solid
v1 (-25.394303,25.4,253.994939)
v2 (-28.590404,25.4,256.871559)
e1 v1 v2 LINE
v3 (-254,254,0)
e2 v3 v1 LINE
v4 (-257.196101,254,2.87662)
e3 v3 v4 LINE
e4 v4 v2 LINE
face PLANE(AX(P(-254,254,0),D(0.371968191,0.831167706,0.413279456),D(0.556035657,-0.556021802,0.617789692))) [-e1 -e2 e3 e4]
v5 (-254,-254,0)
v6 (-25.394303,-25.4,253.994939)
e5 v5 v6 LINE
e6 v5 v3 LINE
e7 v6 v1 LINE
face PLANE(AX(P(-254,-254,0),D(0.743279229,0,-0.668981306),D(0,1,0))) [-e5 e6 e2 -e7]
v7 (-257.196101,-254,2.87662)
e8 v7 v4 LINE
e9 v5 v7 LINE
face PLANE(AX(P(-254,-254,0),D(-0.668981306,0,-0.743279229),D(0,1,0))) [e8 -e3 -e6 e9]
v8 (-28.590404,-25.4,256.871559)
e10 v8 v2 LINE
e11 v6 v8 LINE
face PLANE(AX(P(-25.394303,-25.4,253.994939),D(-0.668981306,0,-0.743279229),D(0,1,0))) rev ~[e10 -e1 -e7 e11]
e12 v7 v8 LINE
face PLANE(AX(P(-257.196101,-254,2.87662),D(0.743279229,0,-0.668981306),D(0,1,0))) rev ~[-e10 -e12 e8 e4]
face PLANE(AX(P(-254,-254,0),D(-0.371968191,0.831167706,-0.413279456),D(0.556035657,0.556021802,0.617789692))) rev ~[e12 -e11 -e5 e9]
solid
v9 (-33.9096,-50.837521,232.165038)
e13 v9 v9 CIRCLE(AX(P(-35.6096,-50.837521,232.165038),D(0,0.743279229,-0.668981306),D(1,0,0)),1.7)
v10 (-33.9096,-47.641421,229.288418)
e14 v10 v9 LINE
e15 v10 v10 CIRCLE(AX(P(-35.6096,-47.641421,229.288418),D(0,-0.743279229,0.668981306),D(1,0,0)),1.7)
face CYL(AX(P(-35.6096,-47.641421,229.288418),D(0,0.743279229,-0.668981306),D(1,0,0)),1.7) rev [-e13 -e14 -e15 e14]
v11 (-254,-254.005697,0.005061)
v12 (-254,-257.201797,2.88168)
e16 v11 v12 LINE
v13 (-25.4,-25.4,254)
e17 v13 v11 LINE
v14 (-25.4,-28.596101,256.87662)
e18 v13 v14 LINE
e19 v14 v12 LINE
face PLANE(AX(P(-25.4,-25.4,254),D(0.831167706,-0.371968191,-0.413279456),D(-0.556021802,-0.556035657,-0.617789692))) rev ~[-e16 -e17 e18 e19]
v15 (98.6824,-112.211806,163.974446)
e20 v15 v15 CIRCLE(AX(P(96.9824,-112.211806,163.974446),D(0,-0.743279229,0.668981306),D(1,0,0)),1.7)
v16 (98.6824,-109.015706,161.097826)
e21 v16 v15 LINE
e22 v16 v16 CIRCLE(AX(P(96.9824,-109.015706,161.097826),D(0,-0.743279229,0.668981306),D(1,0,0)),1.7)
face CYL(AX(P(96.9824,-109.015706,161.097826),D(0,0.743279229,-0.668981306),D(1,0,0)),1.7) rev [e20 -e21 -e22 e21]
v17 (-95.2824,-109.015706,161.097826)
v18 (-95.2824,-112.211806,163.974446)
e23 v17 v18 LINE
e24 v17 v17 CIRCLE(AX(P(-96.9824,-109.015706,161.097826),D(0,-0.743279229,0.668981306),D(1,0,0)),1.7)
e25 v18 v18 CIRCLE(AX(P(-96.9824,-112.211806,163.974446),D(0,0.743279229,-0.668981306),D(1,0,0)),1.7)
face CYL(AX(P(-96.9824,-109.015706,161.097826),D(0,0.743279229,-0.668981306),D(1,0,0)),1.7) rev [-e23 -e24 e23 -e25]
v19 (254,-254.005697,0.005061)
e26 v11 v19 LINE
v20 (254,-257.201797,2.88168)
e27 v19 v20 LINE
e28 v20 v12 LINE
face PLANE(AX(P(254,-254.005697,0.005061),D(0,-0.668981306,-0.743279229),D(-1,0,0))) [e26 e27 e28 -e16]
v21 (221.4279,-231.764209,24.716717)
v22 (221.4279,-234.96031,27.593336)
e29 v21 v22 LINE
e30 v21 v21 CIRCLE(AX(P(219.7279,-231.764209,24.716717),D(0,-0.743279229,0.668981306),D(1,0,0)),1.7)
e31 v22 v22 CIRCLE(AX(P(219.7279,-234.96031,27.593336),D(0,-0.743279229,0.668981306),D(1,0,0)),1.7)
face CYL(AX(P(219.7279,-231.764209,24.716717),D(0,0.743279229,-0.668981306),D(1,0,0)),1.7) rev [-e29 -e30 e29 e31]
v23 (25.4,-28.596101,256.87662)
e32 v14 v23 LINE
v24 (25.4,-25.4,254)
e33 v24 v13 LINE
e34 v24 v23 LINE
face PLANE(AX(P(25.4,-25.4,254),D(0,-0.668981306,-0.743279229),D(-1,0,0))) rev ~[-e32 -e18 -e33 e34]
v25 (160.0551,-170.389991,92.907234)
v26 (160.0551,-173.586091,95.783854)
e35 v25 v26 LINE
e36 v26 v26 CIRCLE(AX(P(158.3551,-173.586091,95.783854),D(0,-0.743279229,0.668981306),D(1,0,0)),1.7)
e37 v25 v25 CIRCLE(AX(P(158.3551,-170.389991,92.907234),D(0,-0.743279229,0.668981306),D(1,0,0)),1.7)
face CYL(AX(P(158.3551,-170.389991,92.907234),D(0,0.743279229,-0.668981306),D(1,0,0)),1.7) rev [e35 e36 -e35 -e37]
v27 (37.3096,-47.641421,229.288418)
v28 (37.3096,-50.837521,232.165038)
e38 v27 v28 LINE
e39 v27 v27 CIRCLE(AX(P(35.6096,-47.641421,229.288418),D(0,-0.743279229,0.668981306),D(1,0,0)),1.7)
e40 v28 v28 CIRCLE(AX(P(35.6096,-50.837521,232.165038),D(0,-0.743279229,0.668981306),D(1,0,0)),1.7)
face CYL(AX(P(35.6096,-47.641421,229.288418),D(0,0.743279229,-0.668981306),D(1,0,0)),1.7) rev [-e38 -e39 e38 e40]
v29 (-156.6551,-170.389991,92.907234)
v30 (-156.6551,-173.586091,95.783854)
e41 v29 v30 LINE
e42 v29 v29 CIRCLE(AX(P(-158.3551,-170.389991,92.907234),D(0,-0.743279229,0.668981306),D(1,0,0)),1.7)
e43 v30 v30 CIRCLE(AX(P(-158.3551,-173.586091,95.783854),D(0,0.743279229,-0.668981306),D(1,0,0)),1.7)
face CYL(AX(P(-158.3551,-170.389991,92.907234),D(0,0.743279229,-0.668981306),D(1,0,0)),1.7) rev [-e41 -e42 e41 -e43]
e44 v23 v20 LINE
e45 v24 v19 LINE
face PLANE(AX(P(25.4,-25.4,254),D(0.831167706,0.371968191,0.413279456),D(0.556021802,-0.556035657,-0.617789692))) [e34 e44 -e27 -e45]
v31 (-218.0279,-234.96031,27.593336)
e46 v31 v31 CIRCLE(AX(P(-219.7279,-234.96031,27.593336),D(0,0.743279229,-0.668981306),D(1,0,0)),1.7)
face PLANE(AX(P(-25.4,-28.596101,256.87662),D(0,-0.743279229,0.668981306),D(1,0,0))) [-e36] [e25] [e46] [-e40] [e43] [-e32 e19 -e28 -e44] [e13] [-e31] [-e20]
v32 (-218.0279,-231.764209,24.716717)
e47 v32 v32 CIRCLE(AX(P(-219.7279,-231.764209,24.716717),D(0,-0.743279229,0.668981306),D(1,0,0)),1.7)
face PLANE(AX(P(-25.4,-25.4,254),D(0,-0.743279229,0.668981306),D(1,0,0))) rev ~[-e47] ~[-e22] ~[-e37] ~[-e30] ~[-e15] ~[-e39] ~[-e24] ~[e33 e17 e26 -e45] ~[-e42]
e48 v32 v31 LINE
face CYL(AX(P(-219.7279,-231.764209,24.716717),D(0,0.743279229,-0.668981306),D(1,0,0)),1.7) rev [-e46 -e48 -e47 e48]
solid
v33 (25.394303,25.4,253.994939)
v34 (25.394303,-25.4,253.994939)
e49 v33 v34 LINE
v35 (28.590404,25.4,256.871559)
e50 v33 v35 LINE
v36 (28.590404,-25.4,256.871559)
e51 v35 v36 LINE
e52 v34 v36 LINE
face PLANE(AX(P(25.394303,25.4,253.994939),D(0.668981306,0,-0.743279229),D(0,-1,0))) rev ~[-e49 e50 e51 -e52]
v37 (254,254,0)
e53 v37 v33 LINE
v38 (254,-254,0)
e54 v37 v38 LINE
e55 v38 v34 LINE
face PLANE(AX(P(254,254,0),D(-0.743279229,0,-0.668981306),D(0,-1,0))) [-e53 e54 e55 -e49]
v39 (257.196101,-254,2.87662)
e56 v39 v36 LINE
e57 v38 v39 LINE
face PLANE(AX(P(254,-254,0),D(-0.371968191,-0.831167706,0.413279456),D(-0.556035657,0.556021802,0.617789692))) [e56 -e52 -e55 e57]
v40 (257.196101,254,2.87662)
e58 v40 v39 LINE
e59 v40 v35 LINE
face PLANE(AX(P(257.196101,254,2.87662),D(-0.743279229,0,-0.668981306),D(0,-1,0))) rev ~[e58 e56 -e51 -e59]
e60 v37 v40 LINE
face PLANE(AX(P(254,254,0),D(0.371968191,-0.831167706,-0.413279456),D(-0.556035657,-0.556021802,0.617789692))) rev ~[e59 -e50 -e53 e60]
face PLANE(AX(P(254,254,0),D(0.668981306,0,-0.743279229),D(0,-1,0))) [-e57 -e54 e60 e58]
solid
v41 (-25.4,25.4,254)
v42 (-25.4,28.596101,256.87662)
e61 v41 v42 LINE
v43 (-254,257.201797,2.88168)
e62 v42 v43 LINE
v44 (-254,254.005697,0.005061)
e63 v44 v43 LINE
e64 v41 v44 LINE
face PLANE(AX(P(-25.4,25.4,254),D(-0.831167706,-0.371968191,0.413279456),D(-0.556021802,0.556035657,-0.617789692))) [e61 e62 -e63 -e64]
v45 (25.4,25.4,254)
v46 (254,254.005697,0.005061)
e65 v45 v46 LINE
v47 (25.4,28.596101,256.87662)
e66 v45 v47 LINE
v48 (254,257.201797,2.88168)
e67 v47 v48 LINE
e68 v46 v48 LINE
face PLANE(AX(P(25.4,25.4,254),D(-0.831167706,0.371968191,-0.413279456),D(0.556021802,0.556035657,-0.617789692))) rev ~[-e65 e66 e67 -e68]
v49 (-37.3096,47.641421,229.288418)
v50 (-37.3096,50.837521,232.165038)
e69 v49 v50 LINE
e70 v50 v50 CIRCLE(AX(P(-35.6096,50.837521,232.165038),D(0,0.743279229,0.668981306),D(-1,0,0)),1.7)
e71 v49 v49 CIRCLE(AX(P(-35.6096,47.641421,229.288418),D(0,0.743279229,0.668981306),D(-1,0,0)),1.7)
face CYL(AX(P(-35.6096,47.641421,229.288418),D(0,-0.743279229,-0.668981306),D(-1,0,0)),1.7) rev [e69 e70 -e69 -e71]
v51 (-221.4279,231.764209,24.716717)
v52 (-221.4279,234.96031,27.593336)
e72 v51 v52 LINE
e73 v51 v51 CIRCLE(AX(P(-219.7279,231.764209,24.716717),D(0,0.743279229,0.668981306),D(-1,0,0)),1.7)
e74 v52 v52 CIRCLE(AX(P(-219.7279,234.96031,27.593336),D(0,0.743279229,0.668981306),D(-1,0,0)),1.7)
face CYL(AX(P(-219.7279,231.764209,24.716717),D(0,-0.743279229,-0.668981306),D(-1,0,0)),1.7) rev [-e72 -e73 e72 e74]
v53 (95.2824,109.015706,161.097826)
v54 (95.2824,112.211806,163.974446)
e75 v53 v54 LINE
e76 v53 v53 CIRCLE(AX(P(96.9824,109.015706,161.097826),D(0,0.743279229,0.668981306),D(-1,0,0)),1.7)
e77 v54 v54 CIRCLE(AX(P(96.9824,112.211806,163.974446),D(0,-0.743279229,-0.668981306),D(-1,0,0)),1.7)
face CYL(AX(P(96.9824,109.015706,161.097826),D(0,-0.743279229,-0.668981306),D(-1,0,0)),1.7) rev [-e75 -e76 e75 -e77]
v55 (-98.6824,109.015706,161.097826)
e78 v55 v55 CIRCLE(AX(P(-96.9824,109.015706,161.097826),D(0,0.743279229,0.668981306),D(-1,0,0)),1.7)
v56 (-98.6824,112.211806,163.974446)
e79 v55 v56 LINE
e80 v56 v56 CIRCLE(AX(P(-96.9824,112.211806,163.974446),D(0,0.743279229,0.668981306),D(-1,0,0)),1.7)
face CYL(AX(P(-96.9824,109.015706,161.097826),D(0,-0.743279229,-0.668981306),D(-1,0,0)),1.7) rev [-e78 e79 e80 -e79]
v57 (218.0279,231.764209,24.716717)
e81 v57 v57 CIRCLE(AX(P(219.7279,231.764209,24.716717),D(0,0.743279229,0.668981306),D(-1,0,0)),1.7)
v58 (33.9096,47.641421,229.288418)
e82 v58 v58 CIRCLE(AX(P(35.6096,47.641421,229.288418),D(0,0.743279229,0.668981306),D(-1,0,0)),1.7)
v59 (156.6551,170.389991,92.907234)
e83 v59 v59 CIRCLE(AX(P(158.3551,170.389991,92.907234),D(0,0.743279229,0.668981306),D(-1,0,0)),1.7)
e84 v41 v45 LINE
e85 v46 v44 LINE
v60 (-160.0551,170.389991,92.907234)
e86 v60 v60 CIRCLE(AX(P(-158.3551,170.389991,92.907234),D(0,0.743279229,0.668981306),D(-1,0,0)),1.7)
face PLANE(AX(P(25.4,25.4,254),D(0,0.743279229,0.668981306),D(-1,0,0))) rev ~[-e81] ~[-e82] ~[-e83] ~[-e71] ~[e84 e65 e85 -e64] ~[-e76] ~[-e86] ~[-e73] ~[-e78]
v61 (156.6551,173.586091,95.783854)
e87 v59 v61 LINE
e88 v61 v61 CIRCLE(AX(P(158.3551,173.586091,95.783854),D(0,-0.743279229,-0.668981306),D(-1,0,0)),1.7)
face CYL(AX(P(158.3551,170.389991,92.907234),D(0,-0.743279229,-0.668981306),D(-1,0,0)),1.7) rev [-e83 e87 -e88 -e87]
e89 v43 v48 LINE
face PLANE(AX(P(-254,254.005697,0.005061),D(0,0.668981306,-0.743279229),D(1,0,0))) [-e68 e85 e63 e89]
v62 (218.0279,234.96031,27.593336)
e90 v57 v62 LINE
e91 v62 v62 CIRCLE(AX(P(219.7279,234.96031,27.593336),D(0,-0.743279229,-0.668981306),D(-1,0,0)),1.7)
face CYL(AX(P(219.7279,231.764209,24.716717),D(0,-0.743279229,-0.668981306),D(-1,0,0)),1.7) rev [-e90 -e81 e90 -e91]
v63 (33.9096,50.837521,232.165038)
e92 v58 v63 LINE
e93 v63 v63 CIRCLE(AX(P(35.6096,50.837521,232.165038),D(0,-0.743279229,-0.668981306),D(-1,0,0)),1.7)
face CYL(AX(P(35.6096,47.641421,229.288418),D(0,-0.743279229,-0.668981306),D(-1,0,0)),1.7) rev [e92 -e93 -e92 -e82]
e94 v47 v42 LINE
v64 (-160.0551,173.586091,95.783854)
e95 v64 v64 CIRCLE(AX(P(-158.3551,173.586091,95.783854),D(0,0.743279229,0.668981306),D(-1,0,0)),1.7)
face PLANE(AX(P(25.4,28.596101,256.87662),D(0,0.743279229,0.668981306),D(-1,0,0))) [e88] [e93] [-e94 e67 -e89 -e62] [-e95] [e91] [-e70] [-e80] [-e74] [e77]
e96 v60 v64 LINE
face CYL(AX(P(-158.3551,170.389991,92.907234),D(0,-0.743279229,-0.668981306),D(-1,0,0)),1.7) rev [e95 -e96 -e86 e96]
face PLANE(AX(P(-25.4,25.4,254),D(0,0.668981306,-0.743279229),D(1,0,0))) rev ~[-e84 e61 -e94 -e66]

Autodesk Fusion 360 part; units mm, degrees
sketch "Sketch2" plane through (0, 0, 0) normal (0, 0, 1) x (1, 0, 0)
  line L0 (254, -254) -> (-254, -254)
  line L1 (-254, -254) -> (-254, 254)
  line L2 (-254, 254) -> (254, 254)
  line L3 (254, 254) -> (254, -254)
  line L4 (254, -254) -> (-254, 254) construction
  line L5 (-254, -254) -> (254, 254) construction
  dimension "d44" = 508
  dimension "d45" = 508
ref_plane "WorkPlane1" through (0, 0, 254) normal (0, 0, 1) x (1, 0, 0)
sketch "Sketch3" plane through (0, 0, 254) normal (0, 0, 1) x (1, 0, 0)
  line L0 (25.4, -25.4) -> (-25.4, -25.4)
  line L1 (-25.4, -25.4) -> (-25.4, 25.4)
  line L2 (-25.4, 25.4) -> (25.4, 25.4)
  line L3 (25.4, 25.4) -> (25.4, -25.4)
  line L4 (25.4, -25.4) -> (-25.4, 25.4) construction
  line L5 (-25.4, -25.4) -> (25.4, 25.4) construction
  dimension "d47" = 50.8
  dimension "d48" = 50.8
ref_plane "WorkPlane2" through (-25.4, -25.4, 254) normal (0, -0.7433, 0.669) x (1, 0, 0)
sketch "Sketch4" plane through (-25.4, -25.4, 254) normal (0, -0.7433, 0.669) x (1, 0, 0)
  line L0 (50.8, 0) -> (0, 0)
  line L1 (279.4, -341.7221) -> (-228.6, -341.7221)
  line L2 (50.8, 0) -> (279.4, -341.7221)
  line L3 (0, 0) -> (-228.6, -341.7221)
  line L4 (-216.5687, -341.7221) -> (12.0313, 0)
  circle A0 centre (-194.3279, -308.4753) radius 1.7
  circle A1 centre (-10.2096, -33.2467) radius 1.7
  line L5 (-194.3279, -308.4753) -> (-10.2096, -33.2467) construction
  circle A2 centre (-132.9551, -216.7325) radius 1.7
  circle A3 centre (-71.5824, -124.9896) radius 1.7
  line L6 (25.4, -341.7221) -> (25.4, 0) construction
  circle A4 centre (245.1279, -308.4753) radius 1.7
  circle A5 centre (183.7551, -216.7325) radius 1.7
  circle A6 centre (122.3824, -124.9896) radius 1.7
  circle A7 centre (61.0096, -33.2467) radius 1.7
  point P0 (-132.9551, -216.7325)
  point P1 (-71.5824, -124.9896)
  point P2 (-10.2096, -33.2467)
  dimension "d54" = 10
  dimension "d55" = 3.4
  dimension "d56" = 40
  dimension "d57" = 3.4
  dimension "d58" = 40
  dimension "d63" = 331.1349
  dimension "d64" = 0
  dimension "d65" = 3.4
  dimension "d66" = 3.4
extrude "Extrude2" add sketch "Sketch4" along normal blind 4.3 contours L0 L1 L2 L4 A0 A1 A2 A3 | L0 L1 L3 L4 A0 A1 A2 A3 makes body 1
ref_plane "WorkPlane3" through (-254, -254, 0) normal (0.7433, 0, -0.669) x (0, 1, 0)
sketch "Sketch5" plane through (-254, -254, 0) normal (0.7433, 0, -0.669) x (0, 1, 0)
  line L0 (0, 0) -> (508, 0)
  line L1 (228.6, 341.7221) -> (279.4, 341.7221)
  line L2 (0, 0) -> (228.6, 341.7221)
  line L3 (508, 0) -> (279.4, 341.7221)
extrude "Extrude3" add sketch "Sketch5" against normal blind 4.3 separate body makes body 2
copy_body "CopyPasteBodies1" bodies 1 2 makes body 3 makes body 4
move_body "Move1" bodies 3 4 to x (-1, 0, 0) y (0, -1, 0) z (0, 0, 1) at (0, 0, 0)
sketch "Sketch6" plane through (-25.4, -25.4, 254) normal (0, -0.7433, 0.669) x (1, 0, 0)
  circle A0 centre (-132.9551, -216.7325) radius 1.7
  circle A1 centre (-194.3279, -308.4753) radius 1.7
  circle A2 centre (-10.2096, -33.2467) radius 1.7
  circle A3 centre (-71.5824, -124.9896) radius 1.7
  circle A4 centre (245.1279, -308.4753) radius 1.7
  circle A5 centre (183.7551, -216.7325) radius 1.7
  circle A6 centre (122.3824, -124.9896) radius 1.7
  circle A7 centre (61.0096, -33.2467) radius 1.7
  line L0 (50.8, 0) -> (0, 0)
  line L1 (0, 0) -> (-228.6, -341.7221)
  line L2 (-228.6, -341.7221) -> (279.4, -341.7221)
  line L3 (279.4, -341.7221) -> (50.8, 0)
